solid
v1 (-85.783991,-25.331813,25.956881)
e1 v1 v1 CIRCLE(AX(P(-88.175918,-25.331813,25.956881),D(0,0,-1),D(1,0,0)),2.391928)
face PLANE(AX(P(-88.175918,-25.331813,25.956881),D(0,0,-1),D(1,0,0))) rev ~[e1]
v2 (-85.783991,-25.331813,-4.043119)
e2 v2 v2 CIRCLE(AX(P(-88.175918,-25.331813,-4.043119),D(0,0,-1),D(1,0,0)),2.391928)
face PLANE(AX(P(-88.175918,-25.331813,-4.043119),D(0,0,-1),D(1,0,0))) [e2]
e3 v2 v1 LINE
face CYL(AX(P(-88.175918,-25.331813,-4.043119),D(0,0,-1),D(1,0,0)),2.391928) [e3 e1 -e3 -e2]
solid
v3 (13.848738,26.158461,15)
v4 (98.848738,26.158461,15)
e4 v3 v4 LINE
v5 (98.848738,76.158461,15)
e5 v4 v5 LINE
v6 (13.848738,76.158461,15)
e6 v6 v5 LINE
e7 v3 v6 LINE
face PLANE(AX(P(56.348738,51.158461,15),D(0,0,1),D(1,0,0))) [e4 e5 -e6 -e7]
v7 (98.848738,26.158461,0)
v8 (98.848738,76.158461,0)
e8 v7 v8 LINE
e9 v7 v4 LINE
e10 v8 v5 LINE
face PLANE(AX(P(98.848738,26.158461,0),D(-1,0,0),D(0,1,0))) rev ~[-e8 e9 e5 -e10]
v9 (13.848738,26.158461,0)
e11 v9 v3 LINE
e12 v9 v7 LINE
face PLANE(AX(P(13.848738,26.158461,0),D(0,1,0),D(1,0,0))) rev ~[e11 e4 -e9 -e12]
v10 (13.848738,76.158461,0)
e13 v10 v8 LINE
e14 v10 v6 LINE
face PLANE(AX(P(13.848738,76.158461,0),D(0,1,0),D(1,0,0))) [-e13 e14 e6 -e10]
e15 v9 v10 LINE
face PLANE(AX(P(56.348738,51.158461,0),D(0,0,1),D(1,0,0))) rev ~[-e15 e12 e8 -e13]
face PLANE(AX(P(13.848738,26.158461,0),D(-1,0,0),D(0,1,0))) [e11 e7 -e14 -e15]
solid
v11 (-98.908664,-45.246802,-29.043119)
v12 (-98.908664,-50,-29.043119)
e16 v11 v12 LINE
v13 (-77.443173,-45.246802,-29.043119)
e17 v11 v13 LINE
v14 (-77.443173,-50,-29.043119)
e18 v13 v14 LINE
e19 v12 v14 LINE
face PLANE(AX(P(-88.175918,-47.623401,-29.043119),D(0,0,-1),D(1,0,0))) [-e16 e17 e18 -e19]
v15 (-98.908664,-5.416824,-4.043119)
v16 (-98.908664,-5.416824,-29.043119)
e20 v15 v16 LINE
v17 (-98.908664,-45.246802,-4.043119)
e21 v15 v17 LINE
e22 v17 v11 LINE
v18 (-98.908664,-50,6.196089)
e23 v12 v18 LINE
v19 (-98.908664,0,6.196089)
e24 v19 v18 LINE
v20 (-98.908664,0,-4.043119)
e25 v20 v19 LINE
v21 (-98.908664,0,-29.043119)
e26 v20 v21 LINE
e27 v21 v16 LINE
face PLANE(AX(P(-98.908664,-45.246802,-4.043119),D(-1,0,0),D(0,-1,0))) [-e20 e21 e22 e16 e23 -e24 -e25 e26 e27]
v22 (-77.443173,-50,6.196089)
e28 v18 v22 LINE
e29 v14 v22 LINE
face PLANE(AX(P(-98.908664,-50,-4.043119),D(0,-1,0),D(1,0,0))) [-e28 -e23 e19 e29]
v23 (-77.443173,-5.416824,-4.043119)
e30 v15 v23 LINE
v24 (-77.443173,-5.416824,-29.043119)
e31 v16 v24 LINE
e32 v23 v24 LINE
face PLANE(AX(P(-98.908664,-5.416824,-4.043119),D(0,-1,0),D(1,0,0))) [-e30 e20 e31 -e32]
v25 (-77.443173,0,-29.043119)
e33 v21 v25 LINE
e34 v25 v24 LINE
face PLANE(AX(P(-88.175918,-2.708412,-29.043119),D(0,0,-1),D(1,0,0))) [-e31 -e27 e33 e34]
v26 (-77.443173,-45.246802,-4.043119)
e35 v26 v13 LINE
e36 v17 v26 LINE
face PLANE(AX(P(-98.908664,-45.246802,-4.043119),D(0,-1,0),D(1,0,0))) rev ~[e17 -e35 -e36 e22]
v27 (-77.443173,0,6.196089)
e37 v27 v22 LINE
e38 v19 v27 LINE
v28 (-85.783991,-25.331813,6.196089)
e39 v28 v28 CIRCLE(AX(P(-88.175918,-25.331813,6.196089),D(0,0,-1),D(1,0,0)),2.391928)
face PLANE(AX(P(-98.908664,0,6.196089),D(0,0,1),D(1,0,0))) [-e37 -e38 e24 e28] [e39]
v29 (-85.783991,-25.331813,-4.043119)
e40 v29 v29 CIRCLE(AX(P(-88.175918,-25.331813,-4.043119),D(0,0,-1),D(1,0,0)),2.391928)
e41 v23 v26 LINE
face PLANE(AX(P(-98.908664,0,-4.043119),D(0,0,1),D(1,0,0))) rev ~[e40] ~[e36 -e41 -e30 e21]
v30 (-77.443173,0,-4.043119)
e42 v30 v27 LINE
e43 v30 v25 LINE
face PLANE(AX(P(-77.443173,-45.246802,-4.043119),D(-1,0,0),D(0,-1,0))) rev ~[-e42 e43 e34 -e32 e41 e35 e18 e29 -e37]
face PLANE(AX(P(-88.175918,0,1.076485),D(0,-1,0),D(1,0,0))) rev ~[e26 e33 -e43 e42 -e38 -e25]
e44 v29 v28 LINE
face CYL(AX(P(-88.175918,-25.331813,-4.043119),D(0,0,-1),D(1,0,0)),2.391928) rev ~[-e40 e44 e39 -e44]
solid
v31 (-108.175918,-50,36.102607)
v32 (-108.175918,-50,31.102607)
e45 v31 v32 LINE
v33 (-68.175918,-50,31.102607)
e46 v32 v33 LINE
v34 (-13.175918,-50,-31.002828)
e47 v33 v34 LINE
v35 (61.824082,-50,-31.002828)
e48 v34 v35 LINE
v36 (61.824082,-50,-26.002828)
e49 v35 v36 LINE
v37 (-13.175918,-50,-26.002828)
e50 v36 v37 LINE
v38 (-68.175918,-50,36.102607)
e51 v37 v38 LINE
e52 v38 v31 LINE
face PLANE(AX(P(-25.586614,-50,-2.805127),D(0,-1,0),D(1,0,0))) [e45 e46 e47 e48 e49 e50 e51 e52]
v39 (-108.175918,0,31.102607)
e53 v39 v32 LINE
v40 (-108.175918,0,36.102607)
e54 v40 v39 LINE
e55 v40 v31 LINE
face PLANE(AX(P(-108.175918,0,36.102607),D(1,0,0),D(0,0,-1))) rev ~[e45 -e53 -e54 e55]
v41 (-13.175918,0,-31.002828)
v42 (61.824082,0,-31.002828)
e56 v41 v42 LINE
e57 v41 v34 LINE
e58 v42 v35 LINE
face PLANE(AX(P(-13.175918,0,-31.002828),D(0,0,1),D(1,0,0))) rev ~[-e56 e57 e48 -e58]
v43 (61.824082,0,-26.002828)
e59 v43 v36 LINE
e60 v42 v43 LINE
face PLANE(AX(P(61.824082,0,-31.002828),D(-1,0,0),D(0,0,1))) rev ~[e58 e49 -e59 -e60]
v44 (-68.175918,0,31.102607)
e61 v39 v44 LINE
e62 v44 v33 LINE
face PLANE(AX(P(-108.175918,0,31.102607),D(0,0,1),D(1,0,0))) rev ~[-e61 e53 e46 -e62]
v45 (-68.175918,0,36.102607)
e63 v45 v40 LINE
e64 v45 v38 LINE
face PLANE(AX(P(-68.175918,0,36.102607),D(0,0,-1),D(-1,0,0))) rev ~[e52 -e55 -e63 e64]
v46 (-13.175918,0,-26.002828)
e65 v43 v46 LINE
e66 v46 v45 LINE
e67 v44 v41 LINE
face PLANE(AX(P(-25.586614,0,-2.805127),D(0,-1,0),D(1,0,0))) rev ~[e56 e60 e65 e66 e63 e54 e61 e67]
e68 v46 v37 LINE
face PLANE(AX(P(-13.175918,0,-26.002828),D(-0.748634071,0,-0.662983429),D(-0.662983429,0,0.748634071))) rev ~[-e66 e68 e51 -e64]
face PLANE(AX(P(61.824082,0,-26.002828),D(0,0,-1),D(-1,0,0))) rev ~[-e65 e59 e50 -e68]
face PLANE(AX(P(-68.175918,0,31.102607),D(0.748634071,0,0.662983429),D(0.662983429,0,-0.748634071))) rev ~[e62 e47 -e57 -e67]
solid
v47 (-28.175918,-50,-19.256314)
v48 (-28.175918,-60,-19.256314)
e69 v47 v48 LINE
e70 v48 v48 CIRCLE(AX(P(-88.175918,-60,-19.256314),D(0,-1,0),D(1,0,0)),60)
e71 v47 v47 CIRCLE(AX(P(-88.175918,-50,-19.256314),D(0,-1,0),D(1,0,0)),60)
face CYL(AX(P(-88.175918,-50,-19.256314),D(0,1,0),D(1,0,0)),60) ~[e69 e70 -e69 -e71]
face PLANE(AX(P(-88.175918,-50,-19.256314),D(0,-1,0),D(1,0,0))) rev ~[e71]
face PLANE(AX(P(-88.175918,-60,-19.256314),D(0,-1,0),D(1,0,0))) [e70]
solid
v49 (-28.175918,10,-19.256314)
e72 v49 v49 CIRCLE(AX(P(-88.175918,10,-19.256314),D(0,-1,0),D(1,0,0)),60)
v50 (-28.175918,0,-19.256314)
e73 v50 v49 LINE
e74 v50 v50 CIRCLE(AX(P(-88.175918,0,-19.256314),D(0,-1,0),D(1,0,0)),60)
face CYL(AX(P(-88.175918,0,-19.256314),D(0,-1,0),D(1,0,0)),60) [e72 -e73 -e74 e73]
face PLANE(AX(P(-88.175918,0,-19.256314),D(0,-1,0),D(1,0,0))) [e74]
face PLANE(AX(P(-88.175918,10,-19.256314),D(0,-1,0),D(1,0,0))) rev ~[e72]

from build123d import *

# Parameters (mm, degrees)
F1_DEPTH  = 50
F0_W      = 21.4654916469
F0_H      = 10.2392081211
F2_W      = 21.4654916469
F2_H      = 4.7531977296
F2_H_2    = 5.4168240167
F3_DEPTH  = 25
F4_R      = 60
F4_W      = 21.4654916469
F4_H      = 35.2392081211
F5_DEPTH  = 10
F6_START  = -50
F6_DEPTH  = 10
F7_R      = 2.3919276082
F8_DEPTH  = 30
F10_W     = 85
F10_H     = 50
F11_DEPTH = 15


with BuildPart() as f1:
    # F0 (on Front) → F1 (new body)
    with BuildSketch(Plane.XZ):
        Polygon((-68.1759184846, 36.1026065934), (-108.1759184846, 36.1026065934), (-108.1759184846, 31.1026065934), (-68.1759184846, 31.1026065934), (-13.1759184846, -31.0028278501), (61.8240815154, -31.0028278501), (61.8240815154, -26.0028278501), (-13.1759184846, -26.0028278501), align=None)
    extrude(amount=F1_DEPTH)


with BuildPart() as f1b:
    # F0 (on Front) → F1, piece 2 (new body)
    with BuildSketch(Plane.XZ):
        with Locations((-88.1759184846, 1.0764846312)):
            Rectangle(F0_W, F0_H)
    extrude(amount=F1_DEPTH)

    # F2 (on face) → F3 (join)
    with BuildSketch(Plane(origin=(0, 0, -4.0431194294), x_dir=(1, 0, 0), z_dir=(0, 0, -1))):
        with Locations((-88.1759184846, 47.6234011352)):
            Rectangle(F2_W, F2_H)
        with Locations((-88.1759184846, 2.7084120084)):
            Rectangle(F2_W, F2_H_2)
    extrude(amount=F3_DEPTH)


with BuildPart() as f5:
    # F4 (on face) → F5 (new body)
    with BuildSketch(Plane.XZ.offset(50)):
        with Locations((-88.1759184846, -19.2563140502)):
            Circle(F4_R)
        with Locations((-88.1759184846, -11.4235153688)):
            Rectangle(F4_W, F4_H, mode=Mode.SUBTRACT)
        with Locations((-88.1759184846, -11.4235153688)):
            Rectangle(F4_W, F4_H)
    extrude(amount=F5_DEPTH)


with BuildPart() as f6:
    # F4 (on face) → F6 (new body)
    with BuildSketch(Plane.XZ.offset(50).offset(F6_START)):
        with Locations((-88.1759184846, -19.2563140502)):
            Circle(F4_R)
    extrude(amount=-F6_DEPTH)


with BuildPart() as f8:
    # F7 (on face) → F8 (new body)
    with BuildSketch(Plane(origin=(0, 0, -4.0431194294), x_dir=(1, 0, 0), z_dir=(0, 0, -1))):
        with Locations((-88.1759184846, 25.3318131436)):
            Circle(F7_R)
    extrude(amount=-F8_DEPTH)


with BuildPart() as f1_1:
    add(f1.part)

    # F9: cut F8
    add(f8.part, mode=Mode.SUBTRACT)


with BuildPart() as f1b_1:
    add(f1b.part)

    # F9: cut F8
    add(f8.part, mode=Mode.SUBTRACT)


with BuildPart() as f11:
    # F10 (on Top) → F11 (new body)
    with BuildSketch(Plane.XY):
        with Locations((56.3487377763, 51.1584613472)):
            Rectangle(F10_W, F10_H)
    extrude(amount=F11_DEPTH)


solid = Compound([f5.part, f6.part, f8.part, f1_1.part, f1b_1.part, f11.part])
